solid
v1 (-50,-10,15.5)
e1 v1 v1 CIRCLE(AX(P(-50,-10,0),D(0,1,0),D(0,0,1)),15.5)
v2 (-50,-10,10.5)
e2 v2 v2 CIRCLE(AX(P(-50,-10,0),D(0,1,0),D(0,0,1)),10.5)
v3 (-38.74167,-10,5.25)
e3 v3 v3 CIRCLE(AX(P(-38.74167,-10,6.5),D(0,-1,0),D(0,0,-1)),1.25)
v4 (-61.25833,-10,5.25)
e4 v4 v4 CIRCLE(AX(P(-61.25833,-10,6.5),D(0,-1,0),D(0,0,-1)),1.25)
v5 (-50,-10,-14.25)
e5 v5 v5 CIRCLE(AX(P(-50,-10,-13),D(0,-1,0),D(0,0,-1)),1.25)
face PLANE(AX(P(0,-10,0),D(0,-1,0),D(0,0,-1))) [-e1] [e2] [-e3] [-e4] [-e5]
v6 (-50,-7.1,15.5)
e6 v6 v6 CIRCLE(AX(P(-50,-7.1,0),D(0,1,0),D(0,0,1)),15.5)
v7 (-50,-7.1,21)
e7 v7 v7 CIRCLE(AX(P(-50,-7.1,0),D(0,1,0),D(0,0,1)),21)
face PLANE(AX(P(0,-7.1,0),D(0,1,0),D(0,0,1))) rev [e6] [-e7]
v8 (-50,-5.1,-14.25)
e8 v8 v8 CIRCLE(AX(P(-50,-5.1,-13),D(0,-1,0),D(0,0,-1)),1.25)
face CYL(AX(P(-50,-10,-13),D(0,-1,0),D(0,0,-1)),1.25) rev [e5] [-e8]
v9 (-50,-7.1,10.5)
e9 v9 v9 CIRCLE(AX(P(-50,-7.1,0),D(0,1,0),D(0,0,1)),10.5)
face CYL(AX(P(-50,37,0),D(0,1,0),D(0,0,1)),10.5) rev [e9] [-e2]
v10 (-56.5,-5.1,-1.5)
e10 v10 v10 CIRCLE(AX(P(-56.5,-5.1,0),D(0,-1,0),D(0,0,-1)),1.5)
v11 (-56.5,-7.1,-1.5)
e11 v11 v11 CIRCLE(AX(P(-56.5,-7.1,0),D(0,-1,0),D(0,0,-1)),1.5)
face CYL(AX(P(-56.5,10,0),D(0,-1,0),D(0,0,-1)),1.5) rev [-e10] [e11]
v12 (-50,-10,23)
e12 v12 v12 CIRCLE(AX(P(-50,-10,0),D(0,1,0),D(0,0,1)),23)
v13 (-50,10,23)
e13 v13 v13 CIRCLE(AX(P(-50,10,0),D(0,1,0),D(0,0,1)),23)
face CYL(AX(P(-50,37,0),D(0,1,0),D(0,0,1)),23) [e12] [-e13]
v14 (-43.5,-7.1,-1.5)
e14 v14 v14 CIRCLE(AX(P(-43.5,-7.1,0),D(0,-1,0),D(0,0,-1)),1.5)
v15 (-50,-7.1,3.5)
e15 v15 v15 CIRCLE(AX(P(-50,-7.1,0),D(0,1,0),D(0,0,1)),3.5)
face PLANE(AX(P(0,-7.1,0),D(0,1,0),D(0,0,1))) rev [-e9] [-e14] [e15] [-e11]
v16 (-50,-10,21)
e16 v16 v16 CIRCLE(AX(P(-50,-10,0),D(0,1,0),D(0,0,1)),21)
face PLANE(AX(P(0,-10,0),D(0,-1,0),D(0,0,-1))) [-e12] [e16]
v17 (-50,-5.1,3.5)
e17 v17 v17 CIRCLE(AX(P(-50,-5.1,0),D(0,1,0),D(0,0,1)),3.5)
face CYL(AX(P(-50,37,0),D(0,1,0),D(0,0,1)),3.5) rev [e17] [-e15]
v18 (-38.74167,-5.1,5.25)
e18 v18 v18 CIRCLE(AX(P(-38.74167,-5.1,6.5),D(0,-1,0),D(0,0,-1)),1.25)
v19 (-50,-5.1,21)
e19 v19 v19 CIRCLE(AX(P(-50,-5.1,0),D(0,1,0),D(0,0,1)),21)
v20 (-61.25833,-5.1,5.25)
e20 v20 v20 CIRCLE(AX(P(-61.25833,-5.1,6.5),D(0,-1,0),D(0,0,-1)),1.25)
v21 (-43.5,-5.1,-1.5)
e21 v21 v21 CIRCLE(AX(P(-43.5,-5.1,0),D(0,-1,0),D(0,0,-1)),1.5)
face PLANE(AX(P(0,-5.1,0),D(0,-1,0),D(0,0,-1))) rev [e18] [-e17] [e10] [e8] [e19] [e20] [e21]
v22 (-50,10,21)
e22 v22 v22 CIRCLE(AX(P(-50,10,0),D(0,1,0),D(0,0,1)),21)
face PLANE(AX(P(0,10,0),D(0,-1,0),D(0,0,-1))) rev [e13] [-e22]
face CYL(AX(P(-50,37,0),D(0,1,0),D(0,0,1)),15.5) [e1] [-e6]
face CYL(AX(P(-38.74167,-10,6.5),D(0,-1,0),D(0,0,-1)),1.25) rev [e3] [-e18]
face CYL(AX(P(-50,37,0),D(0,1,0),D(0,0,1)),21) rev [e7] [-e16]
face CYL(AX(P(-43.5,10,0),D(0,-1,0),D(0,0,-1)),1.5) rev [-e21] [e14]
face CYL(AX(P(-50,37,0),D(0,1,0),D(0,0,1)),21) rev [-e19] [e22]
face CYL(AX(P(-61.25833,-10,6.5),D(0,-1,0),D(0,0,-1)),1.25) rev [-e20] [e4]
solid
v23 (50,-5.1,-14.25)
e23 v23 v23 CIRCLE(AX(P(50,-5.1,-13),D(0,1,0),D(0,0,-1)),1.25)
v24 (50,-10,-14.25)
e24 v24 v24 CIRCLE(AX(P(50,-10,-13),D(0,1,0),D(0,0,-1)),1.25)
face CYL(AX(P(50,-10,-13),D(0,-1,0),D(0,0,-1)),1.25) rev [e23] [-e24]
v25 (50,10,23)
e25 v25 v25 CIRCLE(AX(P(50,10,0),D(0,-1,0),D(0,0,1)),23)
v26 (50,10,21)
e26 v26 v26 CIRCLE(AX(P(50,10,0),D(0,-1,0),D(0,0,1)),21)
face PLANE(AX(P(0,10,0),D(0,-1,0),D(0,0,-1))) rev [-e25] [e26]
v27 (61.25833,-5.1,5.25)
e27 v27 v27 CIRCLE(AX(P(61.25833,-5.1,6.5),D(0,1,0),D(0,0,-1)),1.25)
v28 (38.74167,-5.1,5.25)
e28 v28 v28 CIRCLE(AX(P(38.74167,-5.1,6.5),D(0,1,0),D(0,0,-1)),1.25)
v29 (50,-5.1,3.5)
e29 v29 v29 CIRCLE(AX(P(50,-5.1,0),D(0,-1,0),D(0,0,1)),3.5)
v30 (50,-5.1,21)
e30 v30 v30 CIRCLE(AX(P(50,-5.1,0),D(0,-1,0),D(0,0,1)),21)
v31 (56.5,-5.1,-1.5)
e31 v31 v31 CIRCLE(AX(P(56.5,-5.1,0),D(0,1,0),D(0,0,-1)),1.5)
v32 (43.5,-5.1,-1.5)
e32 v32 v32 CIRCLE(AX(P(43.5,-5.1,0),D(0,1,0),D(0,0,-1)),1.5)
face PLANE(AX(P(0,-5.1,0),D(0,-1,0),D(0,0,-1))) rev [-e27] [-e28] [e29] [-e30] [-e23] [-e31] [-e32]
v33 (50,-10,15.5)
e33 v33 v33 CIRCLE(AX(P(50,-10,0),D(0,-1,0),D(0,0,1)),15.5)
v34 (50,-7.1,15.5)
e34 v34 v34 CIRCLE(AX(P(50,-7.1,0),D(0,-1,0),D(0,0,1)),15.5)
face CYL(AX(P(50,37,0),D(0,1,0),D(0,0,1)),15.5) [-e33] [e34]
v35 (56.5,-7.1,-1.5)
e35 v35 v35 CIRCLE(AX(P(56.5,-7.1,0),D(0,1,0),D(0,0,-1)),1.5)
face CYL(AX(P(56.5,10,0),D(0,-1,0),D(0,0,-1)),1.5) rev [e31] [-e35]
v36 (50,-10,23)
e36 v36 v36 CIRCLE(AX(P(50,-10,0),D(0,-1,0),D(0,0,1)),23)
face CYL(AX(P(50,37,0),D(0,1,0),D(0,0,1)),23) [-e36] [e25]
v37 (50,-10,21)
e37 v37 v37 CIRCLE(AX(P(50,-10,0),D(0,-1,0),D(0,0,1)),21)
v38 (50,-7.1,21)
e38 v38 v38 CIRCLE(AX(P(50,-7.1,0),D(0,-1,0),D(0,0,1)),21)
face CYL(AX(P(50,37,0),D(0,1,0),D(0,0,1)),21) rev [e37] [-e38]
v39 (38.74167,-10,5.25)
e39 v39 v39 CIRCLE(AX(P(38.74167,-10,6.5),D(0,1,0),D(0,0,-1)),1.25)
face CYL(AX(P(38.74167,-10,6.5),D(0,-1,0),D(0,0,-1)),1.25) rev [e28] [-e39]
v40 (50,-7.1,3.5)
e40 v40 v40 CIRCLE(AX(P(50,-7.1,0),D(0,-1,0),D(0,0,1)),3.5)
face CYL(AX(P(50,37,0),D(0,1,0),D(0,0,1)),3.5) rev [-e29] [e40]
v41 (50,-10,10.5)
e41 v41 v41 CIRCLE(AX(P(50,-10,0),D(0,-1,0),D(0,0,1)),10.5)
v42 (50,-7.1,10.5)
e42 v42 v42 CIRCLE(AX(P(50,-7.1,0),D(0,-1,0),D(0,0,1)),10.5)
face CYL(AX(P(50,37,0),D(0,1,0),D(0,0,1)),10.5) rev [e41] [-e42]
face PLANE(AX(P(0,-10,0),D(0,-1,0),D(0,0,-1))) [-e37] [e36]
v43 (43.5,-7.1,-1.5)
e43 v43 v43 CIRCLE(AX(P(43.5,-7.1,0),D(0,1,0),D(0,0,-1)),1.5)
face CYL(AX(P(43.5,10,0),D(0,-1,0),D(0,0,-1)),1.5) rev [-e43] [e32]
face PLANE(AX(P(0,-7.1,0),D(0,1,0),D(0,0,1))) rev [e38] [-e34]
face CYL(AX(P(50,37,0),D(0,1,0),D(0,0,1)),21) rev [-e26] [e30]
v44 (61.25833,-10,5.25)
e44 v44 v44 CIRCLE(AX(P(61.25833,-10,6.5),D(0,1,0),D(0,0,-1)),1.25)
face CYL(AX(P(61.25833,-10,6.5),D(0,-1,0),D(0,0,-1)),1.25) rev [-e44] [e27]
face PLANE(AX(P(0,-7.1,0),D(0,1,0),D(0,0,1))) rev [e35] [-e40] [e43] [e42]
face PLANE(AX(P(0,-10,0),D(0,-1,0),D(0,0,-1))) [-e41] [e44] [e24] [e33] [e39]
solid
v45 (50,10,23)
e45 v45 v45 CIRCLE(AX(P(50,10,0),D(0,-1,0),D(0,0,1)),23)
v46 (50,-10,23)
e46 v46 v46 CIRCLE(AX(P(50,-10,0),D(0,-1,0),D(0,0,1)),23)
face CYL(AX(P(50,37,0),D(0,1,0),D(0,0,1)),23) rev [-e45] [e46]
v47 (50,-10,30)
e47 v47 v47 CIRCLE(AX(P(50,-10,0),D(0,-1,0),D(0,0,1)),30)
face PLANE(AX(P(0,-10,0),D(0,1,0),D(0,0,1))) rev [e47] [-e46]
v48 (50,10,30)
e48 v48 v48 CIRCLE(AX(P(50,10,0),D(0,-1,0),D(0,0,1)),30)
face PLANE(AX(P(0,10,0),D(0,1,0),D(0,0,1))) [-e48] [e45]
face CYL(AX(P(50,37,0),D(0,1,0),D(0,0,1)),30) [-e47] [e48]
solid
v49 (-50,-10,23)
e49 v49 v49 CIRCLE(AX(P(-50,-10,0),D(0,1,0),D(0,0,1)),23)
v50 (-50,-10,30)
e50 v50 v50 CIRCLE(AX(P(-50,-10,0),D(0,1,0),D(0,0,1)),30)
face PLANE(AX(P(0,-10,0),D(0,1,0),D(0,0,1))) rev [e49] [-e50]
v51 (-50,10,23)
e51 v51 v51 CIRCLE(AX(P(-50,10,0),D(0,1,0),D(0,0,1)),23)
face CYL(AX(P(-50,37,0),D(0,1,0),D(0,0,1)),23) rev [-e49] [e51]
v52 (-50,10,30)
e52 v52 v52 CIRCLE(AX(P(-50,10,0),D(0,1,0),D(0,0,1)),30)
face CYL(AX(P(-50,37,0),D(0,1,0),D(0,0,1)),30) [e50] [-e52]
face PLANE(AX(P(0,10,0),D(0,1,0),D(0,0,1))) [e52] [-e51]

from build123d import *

# Parameters (mm, degrees)
SKETCH_1_W                  = 7
SKETCH_1_H                  = 20
SKETCH_2_R                  = 1.5
CUT_EXTRUDE_1_DEPTH         = 88.134436361
SKETCH_4_W                  = 1.25
SKETCH_4_H                  = 20
HOLE_WIZARD_M3_1_AT_2_COUNT = 2
HOLE_WIZARD_M3_1_AT_2_PITCH = 22.516660498
HOLE_WIZARD_M3_1_AT_3_COUNT = 2
HOLE_WIZARD_M3_1_AT_3_PITCH = 22.516660498


with BuildPart() as part:
    # 草图1 → 旋转1 (revolve)
    with BuildSketch(Plane.XY):
        with Locations((-23.5, 0)):
            Rectangle(SKETCH_1_W, SKETCH_1_H)
    revolve(axis=Axis((-50, 37, 0), (0, -1, 0)))


with BuildPart() as body_2:
    # 草图1<5> → 旋转2 (revolve)
    with BuildSketch(Plane.XY):
        Polygon((-27, -10), (-27, 10), (-29, 10), (-29, -5.1), (-46.5, -5.1), (-46.5, -7.1), (-39.5, -7.1), (-39.5, -10), (-34.5, -10), (-34.5, -7.1), (-29, -7.1), (-29, -10), align=None)
    revolve(axis=Axis((-50, 37, 0), (0, -1, 0)))

    # 草图2 → 切除-拉伸1 (cut, through all)
    with BuildSketch(Plane(origin=(0, -7.1, 0), x_dir=(-1, 0, 0), z_dir=(0, -1, 0))):
        with Locations((43.5, 0)):
            Circle(SKETCH_2_R)
        with Locations((56.5, 0)):
            Circle(SKETCH_2_R)
    extrude(amount=-CUT_EXTRUDE_1_DEPTH, mode=Mode.SUBTRACT)

    # 草图4 → M3 螺纹孔1 (revolve, cut)
    with BuildSketch(Plane(origin=(-50, -10, -13), x_dir=(0, 0, -1), z_dir=(1, 0, 0))):
        with Locations((0.625, 10)):
            Rectangle(SKETCH_4_W, SKETCH_4_H)
    hole_wizard_m3_1 = revolve(axis=Axis((-50, -16.35, -13), (0, 1, 0)), mode=Mode.SUBTRACT)

    # M3 螺纹孔1 at 2: M3 螺纹孔1 ×2
    with Locations(*[Vector(-0.5000000000000003, 0, 0.8660254037844385) * (i * HOLE_WIZARD_M3_1_AT_2_PITCH) for i in range(1, HOLE_WIZARD_M3_1_AT_2_COUNT)]):
        add(hole_wizard_m3_1, mode=Mode.SUBTRACT)

    # M3 螺纹孔1 at 3: M3 螺纹孔1 ×2
    with Locations(*[Vector(0.5000000000000001, 0, 0.8660254037844386) * (i * HOLE_WIZARD_M3_1_AT_3_PITCH) for i in range(1, HOLE_WIZARD_M3_1_AT_3_COUNT)]):
        add(hole_wizard_m3_1, mode=Mode.SUBTRACT)


with BuildPart() as body_3:
    # 镜向2: mirrored copy
    add(part.part.mirror(Plane(origin=(0, 0, 0), x_dir=(0, 0, 1), z_dir=(1, 0, 0))))


with BuildPart() as body_4:
    # Mirror 2 2: mirrored copy
    add(body_2.part.mirror(Plane(origin=(0, 0, 0), x_dir=(0, 0, 1), z_dir=(1, 0, 0))))


solid = Compound([part.part, body_2.part, body_3.part, body_4.part])
